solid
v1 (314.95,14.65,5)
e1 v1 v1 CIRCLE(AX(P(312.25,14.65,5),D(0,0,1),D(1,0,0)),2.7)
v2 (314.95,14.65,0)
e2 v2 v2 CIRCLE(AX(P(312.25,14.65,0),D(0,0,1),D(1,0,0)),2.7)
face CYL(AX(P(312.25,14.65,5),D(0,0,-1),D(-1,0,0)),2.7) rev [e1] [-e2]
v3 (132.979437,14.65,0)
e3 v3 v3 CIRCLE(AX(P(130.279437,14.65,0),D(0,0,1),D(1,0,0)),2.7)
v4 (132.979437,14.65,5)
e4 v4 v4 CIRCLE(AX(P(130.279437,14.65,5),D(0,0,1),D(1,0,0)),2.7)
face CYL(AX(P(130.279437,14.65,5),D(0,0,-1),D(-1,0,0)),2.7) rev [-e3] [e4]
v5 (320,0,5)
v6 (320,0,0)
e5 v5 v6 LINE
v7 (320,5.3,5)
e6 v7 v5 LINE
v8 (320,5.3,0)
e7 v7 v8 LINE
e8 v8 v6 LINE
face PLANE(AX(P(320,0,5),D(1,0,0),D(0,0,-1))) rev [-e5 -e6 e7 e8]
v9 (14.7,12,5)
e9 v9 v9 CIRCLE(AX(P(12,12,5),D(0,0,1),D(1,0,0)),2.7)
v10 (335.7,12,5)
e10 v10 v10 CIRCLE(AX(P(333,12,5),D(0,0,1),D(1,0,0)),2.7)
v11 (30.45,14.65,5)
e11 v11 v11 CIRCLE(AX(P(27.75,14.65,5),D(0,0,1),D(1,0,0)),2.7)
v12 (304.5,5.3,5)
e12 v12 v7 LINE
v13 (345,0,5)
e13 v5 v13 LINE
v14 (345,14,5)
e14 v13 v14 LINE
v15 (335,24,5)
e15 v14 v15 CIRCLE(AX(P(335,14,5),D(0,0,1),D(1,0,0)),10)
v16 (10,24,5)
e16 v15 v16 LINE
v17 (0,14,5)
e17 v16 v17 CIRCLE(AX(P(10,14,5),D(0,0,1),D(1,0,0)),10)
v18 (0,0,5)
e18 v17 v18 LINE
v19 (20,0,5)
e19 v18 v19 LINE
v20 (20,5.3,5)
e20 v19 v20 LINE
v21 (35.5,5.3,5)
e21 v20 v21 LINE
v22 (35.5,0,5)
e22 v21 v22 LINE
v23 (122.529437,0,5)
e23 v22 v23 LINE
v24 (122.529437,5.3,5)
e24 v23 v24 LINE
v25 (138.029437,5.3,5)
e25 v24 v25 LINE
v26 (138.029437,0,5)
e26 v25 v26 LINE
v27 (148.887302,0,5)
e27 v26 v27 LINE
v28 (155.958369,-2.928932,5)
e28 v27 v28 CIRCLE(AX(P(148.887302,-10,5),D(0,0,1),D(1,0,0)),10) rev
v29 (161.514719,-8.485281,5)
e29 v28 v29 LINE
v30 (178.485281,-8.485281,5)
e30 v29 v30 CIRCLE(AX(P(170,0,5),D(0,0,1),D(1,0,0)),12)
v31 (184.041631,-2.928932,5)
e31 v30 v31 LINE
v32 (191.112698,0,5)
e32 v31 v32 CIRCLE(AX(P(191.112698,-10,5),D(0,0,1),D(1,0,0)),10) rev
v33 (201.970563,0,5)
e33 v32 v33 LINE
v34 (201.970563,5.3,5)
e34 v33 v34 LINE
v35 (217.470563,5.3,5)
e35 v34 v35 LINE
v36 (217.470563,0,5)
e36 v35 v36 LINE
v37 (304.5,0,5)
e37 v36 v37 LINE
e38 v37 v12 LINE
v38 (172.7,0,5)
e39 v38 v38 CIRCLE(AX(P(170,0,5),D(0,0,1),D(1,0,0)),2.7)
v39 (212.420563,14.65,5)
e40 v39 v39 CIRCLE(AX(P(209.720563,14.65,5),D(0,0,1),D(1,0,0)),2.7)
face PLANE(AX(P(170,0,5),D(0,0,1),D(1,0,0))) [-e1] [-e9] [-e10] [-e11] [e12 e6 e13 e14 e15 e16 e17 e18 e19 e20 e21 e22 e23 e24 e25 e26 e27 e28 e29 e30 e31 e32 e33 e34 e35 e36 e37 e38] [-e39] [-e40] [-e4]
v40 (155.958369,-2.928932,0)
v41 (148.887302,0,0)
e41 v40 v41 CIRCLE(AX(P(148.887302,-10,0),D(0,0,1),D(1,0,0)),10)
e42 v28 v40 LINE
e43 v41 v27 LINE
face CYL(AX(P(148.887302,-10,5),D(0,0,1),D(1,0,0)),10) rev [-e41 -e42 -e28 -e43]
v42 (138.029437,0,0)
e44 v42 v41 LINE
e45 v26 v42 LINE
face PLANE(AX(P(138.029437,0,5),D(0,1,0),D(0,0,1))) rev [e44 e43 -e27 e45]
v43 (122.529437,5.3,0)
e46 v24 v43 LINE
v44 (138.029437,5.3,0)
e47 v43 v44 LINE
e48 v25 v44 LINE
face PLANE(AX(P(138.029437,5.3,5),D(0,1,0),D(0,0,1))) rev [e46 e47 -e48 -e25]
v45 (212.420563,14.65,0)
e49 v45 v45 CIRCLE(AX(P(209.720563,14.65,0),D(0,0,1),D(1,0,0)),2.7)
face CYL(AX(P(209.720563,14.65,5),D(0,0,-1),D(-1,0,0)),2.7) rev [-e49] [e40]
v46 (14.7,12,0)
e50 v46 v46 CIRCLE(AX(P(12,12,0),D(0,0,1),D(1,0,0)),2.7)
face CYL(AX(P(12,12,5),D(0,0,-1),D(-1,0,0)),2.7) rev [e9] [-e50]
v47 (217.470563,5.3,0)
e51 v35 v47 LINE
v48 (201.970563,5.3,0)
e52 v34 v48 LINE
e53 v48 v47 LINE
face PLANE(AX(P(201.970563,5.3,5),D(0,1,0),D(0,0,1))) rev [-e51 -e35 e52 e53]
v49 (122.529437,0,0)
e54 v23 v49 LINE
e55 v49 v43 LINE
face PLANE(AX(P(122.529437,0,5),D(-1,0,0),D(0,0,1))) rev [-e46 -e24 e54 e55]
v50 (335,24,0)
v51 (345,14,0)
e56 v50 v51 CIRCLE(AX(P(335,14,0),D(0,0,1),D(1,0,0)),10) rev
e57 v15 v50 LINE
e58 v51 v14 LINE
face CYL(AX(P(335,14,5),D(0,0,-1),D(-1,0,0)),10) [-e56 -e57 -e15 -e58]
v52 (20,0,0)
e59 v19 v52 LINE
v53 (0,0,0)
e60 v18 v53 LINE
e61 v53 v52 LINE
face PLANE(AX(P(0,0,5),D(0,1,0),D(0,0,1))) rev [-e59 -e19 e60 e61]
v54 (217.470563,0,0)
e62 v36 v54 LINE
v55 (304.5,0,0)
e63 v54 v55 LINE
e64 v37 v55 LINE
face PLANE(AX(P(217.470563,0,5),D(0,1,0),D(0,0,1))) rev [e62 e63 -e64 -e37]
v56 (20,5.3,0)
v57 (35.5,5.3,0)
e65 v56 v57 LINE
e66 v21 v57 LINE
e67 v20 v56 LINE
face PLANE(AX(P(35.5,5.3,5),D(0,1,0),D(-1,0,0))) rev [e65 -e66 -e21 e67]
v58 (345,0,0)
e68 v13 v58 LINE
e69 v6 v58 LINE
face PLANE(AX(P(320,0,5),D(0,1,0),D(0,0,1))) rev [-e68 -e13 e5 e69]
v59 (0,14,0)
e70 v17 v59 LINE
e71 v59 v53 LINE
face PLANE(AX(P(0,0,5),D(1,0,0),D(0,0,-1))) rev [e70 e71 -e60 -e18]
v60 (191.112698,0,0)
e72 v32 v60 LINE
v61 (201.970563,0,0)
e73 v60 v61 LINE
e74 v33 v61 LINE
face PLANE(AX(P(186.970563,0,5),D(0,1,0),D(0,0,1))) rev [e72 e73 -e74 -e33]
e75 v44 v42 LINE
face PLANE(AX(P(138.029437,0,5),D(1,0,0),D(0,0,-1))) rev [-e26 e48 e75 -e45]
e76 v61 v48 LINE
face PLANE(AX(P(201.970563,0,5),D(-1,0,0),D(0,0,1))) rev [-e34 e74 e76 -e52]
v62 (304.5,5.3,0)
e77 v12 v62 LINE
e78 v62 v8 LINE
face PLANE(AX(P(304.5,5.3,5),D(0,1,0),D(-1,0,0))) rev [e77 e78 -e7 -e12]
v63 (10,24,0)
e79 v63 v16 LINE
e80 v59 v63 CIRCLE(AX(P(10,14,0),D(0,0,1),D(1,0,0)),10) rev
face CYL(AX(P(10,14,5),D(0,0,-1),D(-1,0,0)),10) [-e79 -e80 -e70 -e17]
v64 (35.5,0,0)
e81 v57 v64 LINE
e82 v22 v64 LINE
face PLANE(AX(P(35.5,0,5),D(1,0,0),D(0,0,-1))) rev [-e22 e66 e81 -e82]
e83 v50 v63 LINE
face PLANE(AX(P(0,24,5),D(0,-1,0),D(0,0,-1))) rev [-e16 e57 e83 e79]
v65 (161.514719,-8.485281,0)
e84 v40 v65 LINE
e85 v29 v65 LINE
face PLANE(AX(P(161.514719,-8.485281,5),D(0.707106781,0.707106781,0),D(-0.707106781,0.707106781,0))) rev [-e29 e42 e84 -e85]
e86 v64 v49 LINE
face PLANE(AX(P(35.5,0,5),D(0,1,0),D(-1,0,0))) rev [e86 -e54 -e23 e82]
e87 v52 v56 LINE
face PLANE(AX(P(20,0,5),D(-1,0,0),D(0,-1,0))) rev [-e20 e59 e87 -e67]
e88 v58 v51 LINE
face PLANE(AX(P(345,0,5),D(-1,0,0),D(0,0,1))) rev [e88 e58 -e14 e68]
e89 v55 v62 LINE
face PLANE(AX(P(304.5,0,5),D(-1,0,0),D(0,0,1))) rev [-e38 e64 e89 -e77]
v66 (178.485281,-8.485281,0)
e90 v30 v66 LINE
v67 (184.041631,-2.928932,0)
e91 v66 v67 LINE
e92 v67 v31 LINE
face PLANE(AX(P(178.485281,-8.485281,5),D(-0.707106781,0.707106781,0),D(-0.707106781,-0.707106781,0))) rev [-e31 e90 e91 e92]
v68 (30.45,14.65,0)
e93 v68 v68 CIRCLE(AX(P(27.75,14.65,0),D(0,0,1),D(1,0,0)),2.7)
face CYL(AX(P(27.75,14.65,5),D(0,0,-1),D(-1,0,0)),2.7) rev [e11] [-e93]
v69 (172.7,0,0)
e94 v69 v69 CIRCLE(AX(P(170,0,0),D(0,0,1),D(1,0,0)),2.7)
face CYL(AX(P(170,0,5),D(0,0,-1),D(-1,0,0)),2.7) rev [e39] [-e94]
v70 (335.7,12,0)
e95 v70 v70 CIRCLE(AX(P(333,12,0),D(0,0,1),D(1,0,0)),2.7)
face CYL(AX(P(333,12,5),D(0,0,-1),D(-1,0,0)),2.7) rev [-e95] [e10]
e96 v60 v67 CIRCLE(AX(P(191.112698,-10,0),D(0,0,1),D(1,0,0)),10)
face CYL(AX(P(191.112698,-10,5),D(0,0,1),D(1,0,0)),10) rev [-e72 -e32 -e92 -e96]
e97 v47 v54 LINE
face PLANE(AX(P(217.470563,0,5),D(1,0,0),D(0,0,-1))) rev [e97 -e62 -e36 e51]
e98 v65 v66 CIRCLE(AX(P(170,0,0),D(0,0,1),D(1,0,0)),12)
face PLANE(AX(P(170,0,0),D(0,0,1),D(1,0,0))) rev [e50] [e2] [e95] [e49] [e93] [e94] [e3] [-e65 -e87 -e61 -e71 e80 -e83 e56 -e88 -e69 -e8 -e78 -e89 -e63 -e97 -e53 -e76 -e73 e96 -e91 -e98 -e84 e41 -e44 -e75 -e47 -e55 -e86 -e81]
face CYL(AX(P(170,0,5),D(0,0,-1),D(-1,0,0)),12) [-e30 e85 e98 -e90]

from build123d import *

# Parameters (mm, degrees)
SKETCH1_R           = 2.7
BOSS_EXTRUDE1_DEPTH = 5
FILLET1_R           = 10


with BuildPart() as part:
    # Sketch1 → Boss-Extrude1 (new body)
    with BuildSketch(Plane.XY):
        with BuildLine():
            Line((0, 0), (20, 0))
            Line((20, 0), (20, 5.3))
            Line((20, 5.3), (35.5, 5.3))
            Line((35.5, 5.3), (35.5, 0))
            Line((35.5, 0), (122.529437252, 0))
            Line((122.529437252, 0), (122.529437252, 5.3))
            Line((122.529437252, 5.3), (138.029437252, 5.3))
            Line((138.029437252, 5.3), (138.029437252, 0))
            Line((138.029437252, 0), (153.029437252, 0))
            Line((153.029437252, 0), (161.514718626, -8.485281374))
            ThreePointArc((161.514718626, -8.485281374), (170, -12), (178.485281374, -8.485281374))
            Line((178.485281374, -8.485281374), (186.970562748, 0))
            Line((186.970562748, 0), (201.970562748, 0))
            Line((201.970562748, 0), (201.970562748, 5.3))
            Line((201.970562748, 5.3), (217.470562748, 5.3))
            Line((217.470562748, 5.3), (217.470562748, 0))
            Line((217.470562748, 0), (304.5, 0))
            Line((304.5, 0), (304.5, 5.3))
            Line((304.5, 5.3), (320, 5.3))
            Line((320, 5.3), (320, 0))
            Line((320, 0), (345, 0))
            Line((345, 0), (345, 24))
            Line((345, 24), (0, 24))
            Line((0, 24), (0, 0))
        make_face()
        with Locations((170, 0)):
            Circle(SKETCH1_R, mode=Mode.SUBTRACT)
        with Locations((12, 12)):
            Circle(SKETCH1_R, mode=Mode.SUBTRACT)
        with Locations((333, 12)):
            Circle(SKETCH1_R, mode=Mode.SUBTRACT)
        with Locations((27.75, 14.65)):
            Circle(SKETCH1_R, mode=Mode.SUBTRACT)
        with Locations((130.279437252, 14.65)):
            Circle(SKETCH1_R, mode=Mode.SUBTRACT)
        with Locations((209.720562748, 14.65)):
            Circle(SKETCH1_R, mode=Mode.SUBTRACT)
        with Locations((312.25, 14.65)):
            Circle(SKETCH1_R, mode=Mode.SUBTRACT)
    extrude(amount=BOSS_EXTRUDE1_DEPTH)

    # Fillet1
    fillet1_edges = [part.edges().sort_by_distance(p)[0] for p in [
        (0, 24, 2.5),
        (345, 24, 2.5),
        (186.970562748, 0, 2.5),
        (153.029437252, 0, 2.5),
    ]]
    fillet(fillet1_edges, radius=FILLET1_R)


solid = part.part
